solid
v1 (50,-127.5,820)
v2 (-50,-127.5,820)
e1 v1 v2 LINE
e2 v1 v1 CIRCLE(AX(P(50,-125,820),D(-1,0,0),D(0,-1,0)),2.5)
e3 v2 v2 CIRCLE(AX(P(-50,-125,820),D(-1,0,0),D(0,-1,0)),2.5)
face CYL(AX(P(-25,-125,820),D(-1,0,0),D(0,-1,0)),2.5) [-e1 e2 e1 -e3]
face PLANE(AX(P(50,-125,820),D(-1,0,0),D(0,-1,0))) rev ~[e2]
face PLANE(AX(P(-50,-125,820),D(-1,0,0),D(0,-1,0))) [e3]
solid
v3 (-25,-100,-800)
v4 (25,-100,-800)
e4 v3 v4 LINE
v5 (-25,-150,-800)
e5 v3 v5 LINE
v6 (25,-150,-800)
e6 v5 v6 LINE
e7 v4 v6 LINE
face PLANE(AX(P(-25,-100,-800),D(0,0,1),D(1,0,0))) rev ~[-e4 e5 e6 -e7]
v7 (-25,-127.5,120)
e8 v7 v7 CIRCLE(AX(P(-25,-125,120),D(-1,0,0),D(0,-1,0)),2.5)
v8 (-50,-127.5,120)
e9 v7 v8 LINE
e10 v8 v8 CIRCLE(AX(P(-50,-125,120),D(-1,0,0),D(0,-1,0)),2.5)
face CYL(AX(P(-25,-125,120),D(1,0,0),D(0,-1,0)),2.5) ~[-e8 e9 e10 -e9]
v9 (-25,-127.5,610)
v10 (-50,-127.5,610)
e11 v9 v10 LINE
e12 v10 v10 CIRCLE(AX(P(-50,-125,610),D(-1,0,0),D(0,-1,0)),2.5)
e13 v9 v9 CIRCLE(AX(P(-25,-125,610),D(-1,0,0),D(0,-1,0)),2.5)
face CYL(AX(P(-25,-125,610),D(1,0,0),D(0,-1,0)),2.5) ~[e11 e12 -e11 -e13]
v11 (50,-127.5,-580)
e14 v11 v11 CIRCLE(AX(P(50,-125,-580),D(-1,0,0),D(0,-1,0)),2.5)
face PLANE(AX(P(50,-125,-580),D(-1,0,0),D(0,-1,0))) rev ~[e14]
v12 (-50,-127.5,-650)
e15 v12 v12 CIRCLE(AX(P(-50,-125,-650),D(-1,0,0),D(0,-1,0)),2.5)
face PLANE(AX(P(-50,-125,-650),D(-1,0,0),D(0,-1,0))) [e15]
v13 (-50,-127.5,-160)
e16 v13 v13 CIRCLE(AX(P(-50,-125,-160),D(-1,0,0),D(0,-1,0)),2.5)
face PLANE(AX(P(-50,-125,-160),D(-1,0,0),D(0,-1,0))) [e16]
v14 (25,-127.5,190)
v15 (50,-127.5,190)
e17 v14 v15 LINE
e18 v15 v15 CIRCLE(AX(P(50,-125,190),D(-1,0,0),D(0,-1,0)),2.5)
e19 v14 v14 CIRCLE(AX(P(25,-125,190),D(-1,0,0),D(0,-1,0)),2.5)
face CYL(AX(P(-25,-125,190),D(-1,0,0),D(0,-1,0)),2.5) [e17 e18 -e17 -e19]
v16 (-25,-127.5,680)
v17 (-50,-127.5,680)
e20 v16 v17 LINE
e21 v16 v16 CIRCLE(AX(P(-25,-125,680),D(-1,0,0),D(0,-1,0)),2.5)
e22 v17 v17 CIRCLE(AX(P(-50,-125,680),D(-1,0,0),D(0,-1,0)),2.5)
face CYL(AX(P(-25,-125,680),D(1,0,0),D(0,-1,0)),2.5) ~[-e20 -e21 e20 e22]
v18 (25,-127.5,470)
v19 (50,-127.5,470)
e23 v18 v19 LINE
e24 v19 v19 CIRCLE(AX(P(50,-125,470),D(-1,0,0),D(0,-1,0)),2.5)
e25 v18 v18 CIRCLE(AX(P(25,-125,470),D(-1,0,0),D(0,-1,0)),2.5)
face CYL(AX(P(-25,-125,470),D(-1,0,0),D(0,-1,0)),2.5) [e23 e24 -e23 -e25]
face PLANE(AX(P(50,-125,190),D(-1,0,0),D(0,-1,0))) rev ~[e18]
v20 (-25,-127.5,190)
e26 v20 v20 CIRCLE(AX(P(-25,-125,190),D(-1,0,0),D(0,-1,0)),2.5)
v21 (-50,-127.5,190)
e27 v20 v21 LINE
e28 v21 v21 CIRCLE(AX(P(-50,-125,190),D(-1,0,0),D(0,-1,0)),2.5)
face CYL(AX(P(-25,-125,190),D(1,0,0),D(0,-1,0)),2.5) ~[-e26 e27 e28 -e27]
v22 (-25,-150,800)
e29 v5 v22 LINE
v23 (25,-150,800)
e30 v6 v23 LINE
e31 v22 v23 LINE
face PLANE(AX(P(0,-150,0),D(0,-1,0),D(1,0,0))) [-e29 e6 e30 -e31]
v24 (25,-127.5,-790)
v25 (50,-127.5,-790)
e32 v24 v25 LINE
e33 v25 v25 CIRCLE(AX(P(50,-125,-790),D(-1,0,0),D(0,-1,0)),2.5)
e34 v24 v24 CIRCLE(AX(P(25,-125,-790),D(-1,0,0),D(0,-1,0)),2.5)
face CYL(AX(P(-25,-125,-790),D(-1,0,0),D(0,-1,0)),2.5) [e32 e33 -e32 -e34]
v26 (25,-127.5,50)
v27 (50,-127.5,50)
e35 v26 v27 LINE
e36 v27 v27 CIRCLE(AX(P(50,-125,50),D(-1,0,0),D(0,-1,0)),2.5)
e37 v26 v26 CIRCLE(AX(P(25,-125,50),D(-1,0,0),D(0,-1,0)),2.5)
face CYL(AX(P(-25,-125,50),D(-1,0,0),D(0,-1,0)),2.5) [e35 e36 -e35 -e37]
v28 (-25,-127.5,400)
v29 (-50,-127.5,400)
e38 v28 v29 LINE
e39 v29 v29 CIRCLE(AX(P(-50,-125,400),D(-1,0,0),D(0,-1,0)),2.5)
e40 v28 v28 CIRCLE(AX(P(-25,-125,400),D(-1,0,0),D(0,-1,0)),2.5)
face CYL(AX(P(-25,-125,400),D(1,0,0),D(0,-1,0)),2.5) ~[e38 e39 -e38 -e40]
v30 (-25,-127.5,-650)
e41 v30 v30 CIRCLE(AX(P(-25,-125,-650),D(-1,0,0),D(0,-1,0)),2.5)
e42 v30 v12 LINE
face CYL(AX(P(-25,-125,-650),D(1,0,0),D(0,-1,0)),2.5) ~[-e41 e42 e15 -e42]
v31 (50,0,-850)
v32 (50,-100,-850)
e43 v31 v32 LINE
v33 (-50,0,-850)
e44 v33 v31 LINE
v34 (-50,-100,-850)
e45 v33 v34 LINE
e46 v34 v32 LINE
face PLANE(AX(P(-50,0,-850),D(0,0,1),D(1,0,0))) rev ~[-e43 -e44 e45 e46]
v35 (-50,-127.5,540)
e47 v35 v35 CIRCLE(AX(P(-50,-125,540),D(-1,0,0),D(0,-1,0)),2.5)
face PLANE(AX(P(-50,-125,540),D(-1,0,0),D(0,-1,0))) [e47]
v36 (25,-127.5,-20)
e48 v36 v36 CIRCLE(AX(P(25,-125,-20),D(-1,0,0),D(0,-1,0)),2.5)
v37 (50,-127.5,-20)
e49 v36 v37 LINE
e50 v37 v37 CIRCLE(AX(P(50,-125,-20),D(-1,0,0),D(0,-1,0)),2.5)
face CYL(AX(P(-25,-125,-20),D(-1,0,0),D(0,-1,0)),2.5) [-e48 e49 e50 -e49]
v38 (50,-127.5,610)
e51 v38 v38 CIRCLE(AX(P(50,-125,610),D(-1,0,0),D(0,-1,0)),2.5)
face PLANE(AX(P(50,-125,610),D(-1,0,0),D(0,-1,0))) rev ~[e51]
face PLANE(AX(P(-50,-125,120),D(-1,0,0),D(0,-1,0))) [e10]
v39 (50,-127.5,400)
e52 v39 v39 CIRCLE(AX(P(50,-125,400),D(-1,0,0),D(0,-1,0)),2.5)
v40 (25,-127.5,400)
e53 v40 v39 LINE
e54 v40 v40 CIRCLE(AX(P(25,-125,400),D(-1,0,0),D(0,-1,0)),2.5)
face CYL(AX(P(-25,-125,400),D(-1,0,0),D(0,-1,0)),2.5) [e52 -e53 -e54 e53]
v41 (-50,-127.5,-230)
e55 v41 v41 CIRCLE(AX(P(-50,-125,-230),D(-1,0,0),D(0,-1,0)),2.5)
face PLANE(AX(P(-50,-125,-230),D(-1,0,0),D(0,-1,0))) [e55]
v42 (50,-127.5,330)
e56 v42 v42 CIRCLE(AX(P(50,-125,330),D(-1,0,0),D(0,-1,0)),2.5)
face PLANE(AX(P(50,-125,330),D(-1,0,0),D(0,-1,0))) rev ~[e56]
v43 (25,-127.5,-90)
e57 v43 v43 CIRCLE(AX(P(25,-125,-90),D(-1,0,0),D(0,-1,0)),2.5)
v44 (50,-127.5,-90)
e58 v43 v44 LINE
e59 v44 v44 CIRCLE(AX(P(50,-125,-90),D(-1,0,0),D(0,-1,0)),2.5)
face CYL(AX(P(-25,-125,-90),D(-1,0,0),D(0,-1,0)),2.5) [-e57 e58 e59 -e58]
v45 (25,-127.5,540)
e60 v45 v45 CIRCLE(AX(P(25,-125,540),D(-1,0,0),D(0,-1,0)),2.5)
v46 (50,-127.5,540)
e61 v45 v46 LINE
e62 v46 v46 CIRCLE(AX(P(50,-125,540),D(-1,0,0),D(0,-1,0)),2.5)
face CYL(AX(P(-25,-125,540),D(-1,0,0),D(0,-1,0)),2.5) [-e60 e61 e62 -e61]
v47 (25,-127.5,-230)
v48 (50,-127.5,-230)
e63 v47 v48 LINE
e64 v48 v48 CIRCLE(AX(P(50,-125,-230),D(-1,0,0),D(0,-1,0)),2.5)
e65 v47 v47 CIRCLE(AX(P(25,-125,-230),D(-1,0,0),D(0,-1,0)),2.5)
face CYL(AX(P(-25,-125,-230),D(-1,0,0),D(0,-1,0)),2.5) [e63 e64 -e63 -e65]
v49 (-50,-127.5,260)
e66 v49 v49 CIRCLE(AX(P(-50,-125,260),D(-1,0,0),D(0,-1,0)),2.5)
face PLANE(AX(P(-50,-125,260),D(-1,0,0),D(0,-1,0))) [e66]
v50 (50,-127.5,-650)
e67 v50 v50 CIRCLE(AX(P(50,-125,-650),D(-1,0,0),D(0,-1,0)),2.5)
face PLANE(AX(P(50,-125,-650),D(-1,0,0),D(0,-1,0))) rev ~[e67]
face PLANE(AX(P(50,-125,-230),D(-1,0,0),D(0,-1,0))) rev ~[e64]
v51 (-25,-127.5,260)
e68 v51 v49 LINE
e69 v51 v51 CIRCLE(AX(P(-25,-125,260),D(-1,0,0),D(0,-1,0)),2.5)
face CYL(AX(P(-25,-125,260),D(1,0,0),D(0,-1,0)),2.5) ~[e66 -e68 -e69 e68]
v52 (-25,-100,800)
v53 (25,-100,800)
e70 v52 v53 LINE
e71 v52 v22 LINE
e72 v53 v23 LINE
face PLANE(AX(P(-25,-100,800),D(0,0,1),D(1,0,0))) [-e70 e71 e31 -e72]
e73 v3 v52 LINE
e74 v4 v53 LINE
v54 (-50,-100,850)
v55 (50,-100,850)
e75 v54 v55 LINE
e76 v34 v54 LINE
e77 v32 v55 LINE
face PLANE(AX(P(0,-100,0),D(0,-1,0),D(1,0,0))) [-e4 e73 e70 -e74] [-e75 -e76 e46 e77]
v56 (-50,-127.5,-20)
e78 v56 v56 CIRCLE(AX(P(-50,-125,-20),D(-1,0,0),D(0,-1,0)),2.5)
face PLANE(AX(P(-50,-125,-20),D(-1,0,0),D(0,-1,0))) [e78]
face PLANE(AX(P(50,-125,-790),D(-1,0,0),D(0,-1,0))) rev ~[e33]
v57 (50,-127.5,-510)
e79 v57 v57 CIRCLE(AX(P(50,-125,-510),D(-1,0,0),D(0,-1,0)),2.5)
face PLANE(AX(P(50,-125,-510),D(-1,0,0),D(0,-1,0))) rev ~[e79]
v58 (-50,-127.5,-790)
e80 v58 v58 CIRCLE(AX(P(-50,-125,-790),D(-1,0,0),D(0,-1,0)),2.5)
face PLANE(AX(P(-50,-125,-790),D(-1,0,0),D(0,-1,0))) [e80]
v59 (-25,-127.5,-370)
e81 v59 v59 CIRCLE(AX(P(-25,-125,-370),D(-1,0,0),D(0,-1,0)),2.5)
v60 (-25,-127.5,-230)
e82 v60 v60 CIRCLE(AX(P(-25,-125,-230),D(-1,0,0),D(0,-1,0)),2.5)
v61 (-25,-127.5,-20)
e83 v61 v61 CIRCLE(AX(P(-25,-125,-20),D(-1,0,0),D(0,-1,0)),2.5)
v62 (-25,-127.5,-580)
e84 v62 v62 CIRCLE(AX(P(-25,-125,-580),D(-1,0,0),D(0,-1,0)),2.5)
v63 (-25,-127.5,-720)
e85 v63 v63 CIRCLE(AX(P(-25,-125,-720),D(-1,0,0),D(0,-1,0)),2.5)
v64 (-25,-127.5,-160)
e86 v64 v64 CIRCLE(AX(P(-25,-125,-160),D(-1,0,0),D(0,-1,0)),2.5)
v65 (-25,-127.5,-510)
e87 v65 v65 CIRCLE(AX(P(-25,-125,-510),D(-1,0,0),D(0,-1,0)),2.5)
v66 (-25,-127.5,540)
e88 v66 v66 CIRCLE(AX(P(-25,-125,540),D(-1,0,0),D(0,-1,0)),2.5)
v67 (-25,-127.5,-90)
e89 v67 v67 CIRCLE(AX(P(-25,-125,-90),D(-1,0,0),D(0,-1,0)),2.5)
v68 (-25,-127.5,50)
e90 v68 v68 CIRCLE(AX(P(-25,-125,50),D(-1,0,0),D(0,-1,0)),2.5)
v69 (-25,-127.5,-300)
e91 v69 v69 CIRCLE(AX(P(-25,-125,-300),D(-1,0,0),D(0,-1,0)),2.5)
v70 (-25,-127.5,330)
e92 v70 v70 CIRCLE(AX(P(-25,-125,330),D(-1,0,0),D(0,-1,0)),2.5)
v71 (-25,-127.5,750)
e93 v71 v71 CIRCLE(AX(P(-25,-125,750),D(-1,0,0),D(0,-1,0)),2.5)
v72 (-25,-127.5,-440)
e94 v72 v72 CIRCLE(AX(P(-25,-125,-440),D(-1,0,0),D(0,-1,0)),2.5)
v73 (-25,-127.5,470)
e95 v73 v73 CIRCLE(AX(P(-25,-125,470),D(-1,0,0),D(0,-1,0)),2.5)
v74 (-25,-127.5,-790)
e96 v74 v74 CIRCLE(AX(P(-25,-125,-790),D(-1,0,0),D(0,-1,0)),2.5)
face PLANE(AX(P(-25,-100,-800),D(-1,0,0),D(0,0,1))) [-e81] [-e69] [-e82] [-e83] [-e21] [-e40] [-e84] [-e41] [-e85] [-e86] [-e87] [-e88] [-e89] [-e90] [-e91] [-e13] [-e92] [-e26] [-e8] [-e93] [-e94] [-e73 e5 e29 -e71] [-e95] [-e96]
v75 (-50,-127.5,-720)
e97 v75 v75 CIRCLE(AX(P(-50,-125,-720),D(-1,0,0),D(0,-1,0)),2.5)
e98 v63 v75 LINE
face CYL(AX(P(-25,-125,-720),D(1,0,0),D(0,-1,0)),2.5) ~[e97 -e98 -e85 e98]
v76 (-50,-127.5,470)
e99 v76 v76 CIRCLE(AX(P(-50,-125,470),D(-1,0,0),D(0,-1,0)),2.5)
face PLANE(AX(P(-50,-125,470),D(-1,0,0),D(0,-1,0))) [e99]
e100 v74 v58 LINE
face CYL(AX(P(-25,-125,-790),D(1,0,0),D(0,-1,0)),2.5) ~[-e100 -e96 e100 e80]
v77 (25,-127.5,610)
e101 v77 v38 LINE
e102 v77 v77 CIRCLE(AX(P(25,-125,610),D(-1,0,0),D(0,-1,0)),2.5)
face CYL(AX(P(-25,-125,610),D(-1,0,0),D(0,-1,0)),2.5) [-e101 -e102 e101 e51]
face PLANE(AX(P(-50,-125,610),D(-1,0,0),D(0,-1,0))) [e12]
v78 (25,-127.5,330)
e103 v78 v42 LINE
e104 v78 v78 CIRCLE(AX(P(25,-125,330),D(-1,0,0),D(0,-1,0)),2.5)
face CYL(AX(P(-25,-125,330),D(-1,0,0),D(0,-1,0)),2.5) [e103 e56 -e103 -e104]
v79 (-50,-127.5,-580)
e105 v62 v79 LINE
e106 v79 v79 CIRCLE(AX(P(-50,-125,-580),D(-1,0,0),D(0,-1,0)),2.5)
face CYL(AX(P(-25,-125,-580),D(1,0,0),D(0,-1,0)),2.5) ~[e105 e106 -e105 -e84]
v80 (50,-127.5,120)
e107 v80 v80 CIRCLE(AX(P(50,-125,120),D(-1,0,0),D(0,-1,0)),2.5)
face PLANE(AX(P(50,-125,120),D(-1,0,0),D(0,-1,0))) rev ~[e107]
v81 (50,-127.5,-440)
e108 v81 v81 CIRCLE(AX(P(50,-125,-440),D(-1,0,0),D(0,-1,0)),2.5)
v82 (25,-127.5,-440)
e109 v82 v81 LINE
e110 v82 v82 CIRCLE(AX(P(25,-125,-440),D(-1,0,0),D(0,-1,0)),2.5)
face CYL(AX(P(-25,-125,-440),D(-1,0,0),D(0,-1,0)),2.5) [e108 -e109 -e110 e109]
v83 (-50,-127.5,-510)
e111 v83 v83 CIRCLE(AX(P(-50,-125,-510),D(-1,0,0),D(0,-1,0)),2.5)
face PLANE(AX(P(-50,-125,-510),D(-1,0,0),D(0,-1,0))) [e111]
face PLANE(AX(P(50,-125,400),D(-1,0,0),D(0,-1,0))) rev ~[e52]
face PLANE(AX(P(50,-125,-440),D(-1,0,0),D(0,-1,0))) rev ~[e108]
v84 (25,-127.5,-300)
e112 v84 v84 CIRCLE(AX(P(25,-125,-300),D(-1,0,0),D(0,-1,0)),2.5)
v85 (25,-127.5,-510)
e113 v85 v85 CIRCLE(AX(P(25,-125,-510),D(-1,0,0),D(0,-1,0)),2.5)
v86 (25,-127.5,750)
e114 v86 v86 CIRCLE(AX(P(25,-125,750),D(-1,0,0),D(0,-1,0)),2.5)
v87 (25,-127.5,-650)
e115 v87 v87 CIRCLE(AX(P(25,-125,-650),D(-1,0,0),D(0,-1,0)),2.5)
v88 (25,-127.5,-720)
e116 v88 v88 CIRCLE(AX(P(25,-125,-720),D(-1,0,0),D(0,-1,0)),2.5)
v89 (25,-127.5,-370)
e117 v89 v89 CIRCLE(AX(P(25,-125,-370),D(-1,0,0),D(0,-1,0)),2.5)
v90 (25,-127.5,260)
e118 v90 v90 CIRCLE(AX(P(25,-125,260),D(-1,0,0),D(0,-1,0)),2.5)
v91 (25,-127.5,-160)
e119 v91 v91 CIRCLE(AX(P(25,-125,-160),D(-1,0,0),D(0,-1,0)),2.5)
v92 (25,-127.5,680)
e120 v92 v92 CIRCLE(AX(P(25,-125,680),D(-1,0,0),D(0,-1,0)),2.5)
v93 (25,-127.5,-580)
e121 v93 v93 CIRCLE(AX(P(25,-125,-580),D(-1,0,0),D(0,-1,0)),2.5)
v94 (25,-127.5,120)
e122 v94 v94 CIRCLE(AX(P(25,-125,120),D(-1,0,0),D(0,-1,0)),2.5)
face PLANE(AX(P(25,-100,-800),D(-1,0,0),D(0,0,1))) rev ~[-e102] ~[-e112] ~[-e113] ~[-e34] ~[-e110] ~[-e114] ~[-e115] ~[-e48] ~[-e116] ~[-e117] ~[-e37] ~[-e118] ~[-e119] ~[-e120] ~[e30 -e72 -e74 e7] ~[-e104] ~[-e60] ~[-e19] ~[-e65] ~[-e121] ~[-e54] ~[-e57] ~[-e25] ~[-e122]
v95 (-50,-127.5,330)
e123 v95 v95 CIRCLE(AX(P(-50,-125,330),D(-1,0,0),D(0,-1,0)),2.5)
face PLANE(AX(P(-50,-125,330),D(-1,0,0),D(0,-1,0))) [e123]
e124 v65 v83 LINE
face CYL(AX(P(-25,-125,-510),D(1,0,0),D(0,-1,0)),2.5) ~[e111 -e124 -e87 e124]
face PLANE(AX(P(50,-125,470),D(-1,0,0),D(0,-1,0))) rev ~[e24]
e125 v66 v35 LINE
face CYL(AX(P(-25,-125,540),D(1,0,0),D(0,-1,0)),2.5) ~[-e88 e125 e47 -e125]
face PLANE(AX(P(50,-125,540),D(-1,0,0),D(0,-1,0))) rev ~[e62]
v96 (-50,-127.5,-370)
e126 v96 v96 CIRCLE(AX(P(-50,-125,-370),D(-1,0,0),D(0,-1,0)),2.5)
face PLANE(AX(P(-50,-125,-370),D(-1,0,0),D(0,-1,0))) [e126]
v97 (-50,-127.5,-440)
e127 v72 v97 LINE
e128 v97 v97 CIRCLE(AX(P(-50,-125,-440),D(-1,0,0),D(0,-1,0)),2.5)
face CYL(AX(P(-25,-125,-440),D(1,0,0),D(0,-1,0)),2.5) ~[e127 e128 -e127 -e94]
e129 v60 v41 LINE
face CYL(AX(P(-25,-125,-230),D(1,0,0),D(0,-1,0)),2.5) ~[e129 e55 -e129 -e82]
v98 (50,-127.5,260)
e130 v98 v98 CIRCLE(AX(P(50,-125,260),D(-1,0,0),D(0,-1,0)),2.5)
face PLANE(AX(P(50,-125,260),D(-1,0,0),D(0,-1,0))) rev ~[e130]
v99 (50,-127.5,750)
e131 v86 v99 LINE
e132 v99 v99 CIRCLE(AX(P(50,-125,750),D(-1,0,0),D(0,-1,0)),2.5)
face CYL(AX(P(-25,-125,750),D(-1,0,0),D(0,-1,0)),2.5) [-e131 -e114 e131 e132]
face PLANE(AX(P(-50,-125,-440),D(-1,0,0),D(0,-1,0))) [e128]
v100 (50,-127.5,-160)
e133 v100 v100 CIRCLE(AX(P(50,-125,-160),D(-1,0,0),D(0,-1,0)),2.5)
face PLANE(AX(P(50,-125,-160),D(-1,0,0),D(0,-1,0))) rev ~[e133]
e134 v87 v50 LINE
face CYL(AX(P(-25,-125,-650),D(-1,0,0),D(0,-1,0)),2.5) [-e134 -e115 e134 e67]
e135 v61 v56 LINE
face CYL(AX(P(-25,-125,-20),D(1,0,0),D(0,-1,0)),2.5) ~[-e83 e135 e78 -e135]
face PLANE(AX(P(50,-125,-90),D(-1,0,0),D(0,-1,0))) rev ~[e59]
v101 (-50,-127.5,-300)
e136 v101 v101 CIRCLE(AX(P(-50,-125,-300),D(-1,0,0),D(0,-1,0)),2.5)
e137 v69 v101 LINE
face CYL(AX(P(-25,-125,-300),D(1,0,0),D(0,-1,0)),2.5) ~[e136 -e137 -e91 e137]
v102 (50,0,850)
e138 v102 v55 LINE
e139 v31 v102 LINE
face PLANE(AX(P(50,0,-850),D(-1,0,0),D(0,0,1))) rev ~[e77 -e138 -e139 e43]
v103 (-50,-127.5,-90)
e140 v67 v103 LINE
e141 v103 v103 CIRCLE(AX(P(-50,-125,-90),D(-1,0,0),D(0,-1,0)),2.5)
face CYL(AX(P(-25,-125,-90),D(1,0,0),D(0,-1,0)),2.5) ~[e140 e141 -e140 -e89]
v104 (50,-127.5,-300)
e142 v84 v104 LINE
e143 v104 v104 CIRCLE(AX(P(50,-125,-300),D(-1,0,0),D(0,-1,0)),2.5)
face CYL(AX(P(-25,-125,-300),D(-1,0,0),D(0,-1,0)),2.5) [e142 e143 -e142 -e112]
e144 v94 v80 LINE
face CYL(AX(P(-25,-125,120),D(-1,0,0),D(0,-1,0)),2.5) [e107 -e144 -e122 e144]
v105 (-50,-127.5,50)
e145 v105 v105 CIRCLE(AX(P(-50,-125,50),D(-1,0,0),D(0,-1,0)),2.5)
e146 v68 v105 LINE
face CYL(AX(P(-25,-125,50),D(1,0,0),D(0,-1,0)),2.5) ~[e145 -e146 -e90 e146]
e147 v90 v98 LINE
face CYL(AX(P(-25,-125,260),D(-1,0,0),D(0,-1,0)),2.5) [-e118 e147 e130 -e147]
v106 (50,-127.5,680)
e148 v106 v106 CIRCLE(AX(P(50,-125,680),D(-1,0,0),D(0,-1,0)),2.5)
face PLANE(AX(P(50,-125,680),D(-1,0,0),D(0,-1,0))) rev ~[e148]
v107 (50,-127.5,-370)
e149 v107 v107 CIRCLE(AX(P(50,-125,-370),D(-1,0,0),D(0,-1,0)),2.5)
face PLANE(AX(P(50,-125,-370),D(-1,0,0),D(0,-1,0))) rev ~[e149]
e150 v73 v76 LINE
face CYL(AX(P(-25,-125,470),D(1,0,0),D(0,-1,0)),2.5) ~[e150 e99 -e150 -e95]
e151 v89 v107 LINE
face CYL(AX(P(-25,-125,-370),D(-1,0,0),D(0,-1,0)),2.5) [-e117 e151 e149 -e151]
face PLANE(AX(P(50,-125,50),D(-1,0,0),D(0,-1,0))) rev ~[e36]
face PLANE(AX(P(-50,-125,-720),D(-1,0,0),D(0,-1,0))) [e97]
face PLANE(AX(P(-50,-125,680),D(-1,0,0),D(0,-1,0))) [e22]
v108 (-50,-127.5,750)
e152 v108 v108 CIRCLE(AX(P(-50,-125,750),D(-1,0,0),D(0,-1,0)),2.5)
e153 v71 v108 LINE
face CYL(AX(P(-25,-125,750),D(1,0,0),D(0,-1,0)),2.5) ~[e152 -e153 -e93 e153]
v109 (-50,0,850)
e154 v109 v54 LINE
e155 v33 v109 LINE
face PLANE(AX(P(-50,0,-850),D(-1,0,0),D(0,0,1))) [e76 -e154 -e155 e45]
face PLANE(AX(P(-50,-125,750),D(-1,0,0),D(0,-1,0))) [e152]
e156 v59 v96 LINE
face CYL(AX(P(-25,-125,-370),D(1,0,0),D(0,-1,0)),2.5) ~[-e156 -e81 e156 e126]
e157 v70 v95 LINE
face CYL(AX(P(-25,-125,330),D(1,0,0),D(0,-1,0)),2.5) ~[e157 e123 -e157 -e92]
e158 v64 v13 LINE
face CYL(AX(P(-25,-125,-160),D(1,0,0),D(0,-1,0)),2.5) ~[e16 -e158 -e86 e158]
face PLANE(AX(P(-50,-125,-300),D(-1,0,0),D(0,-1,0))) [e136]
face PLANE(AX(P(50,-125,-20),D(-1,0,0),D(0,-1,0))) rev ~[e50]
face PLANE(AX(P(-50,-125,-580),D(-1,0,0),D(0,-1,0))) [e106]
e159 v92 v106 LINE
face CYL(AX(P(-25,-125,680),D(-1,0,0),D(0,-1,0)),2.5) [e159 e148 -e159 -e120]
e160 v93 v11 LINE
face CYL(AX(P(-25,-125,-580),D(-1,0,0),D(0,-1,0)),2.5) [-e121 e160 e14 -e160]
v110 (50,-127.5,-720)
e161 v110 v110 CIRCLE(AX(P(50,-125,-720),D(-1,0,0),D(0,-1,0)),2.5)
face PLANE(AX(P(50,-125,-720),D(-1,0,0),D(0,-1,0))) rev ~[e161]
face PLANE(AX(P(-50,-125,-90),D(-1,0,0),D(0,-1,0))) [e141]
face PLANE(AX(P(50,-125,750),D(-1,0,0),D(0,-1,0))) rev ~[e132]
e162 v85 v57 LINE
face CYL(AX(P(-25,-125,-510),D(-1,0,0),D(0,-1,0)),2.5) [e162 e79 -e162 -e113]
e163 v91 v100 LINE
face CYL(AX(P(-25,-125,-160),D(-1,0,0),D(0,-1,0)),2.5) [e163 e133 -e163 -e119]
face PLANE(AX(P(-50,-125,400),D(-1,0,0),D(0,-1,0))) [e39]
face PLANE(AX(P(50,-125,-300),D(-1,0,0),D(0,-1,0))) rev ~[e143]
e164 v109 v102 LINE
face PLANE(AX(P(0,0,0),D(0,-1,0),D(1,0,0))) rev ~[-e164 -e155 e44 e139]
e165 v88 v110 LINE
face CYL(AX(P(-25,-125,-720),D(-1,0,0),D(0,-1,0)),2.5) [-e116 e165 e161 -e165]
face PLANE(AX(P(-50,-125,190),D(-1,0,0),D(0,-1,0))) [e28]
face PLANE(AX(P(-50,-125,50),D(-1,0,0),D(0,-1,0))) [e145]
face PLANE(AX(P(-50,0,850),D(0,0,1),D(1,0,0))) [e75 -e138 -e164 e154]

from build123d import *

# Parameters (mm, degrees)
F0_W          = 100
F0_H          = 1700
F1_DEPTH      = 100
F2_W          = 50
F2_H          = 1600
F3_DEPTH      = 50
F4_R          = 2.5
F5_DEPTH      = 25
F5_DEPTH_BACK = 75


with BuildPart() as f1:
    # F0 (on Front) → F1 (new body)
    with BuildSketch(Plane.XZ):
        Rectangle(F0_W, F0_H)
    extrude(amount=F1_DEPTH)

    # F2 (on face) → F3 (join)
    with BuildSketch(Plane.XZ.offset(100)):
        Rectangle(F2_W, F2_H)
    extrude(amount=F3_DEPTH)

    # F4 (on face) → F5 (join, two sides)
    with BuildSketch(Plane(origin=(-25, 0, 0), x_dir=(0, -1, 0), z_dir=(-1, 0, 0))) as f5_sk:
        with Locations((125, -790)):
            Circle(F4_R)
        with Locations((125, -720)):
            Circle(F4_R)
        with Locations((125, -650)):
            Circle(F4_R)
        with Locations((125, -580)):
            Circle(F4_R)
        with Locations((125, -510)):
            Circle(F4_R)
        with Locations((125, -440)):
            Circle(F4_R)
        with Locations((125, -370)):
            Circle(F4_R)
        with Locations((125, -300)):
            Circle(F4_R)
        with Locations((125, -230)):
            Circle(F4_R)
        with Locations((125, -160)):
            Circle(F4_R)
        with Locations((125, -90)):
            Circle(F4_R)
        with Locations((125, -20)):
            Circle(F4_R)
        with Locations((125, 50)):
            Circle(F4_R)
        with Locations((125, 120)):
            Circle(F4_R)
        with Locations((125, 190)):
            Circle(F4_R)
        with Locations((125, 260)):
            Circle(F4_R)
        with Locations((125, 330)):
            Circle(F4_R)
        with Locations((125, 400)):
            Circle(F4_R)
        with Locations((125, 470)):
            Circle(F4_R)
        with Locations((125, 540)):
            Circle(F4_R)
        with Locations((125, 610)):
            Circle(F4_R)
        with Locations((125, 680)):
            Circle(F4_R)
        with Locations((125, 750)):
            Circle(F4_R)
        with Locations((125, 820)):
            Circle(F4_R)
    extrude(amount=F5_DEPTH)
    extrude(f5_sk.sketch, amount=-F5_DEPTH_BACK)


solid = f1.part
